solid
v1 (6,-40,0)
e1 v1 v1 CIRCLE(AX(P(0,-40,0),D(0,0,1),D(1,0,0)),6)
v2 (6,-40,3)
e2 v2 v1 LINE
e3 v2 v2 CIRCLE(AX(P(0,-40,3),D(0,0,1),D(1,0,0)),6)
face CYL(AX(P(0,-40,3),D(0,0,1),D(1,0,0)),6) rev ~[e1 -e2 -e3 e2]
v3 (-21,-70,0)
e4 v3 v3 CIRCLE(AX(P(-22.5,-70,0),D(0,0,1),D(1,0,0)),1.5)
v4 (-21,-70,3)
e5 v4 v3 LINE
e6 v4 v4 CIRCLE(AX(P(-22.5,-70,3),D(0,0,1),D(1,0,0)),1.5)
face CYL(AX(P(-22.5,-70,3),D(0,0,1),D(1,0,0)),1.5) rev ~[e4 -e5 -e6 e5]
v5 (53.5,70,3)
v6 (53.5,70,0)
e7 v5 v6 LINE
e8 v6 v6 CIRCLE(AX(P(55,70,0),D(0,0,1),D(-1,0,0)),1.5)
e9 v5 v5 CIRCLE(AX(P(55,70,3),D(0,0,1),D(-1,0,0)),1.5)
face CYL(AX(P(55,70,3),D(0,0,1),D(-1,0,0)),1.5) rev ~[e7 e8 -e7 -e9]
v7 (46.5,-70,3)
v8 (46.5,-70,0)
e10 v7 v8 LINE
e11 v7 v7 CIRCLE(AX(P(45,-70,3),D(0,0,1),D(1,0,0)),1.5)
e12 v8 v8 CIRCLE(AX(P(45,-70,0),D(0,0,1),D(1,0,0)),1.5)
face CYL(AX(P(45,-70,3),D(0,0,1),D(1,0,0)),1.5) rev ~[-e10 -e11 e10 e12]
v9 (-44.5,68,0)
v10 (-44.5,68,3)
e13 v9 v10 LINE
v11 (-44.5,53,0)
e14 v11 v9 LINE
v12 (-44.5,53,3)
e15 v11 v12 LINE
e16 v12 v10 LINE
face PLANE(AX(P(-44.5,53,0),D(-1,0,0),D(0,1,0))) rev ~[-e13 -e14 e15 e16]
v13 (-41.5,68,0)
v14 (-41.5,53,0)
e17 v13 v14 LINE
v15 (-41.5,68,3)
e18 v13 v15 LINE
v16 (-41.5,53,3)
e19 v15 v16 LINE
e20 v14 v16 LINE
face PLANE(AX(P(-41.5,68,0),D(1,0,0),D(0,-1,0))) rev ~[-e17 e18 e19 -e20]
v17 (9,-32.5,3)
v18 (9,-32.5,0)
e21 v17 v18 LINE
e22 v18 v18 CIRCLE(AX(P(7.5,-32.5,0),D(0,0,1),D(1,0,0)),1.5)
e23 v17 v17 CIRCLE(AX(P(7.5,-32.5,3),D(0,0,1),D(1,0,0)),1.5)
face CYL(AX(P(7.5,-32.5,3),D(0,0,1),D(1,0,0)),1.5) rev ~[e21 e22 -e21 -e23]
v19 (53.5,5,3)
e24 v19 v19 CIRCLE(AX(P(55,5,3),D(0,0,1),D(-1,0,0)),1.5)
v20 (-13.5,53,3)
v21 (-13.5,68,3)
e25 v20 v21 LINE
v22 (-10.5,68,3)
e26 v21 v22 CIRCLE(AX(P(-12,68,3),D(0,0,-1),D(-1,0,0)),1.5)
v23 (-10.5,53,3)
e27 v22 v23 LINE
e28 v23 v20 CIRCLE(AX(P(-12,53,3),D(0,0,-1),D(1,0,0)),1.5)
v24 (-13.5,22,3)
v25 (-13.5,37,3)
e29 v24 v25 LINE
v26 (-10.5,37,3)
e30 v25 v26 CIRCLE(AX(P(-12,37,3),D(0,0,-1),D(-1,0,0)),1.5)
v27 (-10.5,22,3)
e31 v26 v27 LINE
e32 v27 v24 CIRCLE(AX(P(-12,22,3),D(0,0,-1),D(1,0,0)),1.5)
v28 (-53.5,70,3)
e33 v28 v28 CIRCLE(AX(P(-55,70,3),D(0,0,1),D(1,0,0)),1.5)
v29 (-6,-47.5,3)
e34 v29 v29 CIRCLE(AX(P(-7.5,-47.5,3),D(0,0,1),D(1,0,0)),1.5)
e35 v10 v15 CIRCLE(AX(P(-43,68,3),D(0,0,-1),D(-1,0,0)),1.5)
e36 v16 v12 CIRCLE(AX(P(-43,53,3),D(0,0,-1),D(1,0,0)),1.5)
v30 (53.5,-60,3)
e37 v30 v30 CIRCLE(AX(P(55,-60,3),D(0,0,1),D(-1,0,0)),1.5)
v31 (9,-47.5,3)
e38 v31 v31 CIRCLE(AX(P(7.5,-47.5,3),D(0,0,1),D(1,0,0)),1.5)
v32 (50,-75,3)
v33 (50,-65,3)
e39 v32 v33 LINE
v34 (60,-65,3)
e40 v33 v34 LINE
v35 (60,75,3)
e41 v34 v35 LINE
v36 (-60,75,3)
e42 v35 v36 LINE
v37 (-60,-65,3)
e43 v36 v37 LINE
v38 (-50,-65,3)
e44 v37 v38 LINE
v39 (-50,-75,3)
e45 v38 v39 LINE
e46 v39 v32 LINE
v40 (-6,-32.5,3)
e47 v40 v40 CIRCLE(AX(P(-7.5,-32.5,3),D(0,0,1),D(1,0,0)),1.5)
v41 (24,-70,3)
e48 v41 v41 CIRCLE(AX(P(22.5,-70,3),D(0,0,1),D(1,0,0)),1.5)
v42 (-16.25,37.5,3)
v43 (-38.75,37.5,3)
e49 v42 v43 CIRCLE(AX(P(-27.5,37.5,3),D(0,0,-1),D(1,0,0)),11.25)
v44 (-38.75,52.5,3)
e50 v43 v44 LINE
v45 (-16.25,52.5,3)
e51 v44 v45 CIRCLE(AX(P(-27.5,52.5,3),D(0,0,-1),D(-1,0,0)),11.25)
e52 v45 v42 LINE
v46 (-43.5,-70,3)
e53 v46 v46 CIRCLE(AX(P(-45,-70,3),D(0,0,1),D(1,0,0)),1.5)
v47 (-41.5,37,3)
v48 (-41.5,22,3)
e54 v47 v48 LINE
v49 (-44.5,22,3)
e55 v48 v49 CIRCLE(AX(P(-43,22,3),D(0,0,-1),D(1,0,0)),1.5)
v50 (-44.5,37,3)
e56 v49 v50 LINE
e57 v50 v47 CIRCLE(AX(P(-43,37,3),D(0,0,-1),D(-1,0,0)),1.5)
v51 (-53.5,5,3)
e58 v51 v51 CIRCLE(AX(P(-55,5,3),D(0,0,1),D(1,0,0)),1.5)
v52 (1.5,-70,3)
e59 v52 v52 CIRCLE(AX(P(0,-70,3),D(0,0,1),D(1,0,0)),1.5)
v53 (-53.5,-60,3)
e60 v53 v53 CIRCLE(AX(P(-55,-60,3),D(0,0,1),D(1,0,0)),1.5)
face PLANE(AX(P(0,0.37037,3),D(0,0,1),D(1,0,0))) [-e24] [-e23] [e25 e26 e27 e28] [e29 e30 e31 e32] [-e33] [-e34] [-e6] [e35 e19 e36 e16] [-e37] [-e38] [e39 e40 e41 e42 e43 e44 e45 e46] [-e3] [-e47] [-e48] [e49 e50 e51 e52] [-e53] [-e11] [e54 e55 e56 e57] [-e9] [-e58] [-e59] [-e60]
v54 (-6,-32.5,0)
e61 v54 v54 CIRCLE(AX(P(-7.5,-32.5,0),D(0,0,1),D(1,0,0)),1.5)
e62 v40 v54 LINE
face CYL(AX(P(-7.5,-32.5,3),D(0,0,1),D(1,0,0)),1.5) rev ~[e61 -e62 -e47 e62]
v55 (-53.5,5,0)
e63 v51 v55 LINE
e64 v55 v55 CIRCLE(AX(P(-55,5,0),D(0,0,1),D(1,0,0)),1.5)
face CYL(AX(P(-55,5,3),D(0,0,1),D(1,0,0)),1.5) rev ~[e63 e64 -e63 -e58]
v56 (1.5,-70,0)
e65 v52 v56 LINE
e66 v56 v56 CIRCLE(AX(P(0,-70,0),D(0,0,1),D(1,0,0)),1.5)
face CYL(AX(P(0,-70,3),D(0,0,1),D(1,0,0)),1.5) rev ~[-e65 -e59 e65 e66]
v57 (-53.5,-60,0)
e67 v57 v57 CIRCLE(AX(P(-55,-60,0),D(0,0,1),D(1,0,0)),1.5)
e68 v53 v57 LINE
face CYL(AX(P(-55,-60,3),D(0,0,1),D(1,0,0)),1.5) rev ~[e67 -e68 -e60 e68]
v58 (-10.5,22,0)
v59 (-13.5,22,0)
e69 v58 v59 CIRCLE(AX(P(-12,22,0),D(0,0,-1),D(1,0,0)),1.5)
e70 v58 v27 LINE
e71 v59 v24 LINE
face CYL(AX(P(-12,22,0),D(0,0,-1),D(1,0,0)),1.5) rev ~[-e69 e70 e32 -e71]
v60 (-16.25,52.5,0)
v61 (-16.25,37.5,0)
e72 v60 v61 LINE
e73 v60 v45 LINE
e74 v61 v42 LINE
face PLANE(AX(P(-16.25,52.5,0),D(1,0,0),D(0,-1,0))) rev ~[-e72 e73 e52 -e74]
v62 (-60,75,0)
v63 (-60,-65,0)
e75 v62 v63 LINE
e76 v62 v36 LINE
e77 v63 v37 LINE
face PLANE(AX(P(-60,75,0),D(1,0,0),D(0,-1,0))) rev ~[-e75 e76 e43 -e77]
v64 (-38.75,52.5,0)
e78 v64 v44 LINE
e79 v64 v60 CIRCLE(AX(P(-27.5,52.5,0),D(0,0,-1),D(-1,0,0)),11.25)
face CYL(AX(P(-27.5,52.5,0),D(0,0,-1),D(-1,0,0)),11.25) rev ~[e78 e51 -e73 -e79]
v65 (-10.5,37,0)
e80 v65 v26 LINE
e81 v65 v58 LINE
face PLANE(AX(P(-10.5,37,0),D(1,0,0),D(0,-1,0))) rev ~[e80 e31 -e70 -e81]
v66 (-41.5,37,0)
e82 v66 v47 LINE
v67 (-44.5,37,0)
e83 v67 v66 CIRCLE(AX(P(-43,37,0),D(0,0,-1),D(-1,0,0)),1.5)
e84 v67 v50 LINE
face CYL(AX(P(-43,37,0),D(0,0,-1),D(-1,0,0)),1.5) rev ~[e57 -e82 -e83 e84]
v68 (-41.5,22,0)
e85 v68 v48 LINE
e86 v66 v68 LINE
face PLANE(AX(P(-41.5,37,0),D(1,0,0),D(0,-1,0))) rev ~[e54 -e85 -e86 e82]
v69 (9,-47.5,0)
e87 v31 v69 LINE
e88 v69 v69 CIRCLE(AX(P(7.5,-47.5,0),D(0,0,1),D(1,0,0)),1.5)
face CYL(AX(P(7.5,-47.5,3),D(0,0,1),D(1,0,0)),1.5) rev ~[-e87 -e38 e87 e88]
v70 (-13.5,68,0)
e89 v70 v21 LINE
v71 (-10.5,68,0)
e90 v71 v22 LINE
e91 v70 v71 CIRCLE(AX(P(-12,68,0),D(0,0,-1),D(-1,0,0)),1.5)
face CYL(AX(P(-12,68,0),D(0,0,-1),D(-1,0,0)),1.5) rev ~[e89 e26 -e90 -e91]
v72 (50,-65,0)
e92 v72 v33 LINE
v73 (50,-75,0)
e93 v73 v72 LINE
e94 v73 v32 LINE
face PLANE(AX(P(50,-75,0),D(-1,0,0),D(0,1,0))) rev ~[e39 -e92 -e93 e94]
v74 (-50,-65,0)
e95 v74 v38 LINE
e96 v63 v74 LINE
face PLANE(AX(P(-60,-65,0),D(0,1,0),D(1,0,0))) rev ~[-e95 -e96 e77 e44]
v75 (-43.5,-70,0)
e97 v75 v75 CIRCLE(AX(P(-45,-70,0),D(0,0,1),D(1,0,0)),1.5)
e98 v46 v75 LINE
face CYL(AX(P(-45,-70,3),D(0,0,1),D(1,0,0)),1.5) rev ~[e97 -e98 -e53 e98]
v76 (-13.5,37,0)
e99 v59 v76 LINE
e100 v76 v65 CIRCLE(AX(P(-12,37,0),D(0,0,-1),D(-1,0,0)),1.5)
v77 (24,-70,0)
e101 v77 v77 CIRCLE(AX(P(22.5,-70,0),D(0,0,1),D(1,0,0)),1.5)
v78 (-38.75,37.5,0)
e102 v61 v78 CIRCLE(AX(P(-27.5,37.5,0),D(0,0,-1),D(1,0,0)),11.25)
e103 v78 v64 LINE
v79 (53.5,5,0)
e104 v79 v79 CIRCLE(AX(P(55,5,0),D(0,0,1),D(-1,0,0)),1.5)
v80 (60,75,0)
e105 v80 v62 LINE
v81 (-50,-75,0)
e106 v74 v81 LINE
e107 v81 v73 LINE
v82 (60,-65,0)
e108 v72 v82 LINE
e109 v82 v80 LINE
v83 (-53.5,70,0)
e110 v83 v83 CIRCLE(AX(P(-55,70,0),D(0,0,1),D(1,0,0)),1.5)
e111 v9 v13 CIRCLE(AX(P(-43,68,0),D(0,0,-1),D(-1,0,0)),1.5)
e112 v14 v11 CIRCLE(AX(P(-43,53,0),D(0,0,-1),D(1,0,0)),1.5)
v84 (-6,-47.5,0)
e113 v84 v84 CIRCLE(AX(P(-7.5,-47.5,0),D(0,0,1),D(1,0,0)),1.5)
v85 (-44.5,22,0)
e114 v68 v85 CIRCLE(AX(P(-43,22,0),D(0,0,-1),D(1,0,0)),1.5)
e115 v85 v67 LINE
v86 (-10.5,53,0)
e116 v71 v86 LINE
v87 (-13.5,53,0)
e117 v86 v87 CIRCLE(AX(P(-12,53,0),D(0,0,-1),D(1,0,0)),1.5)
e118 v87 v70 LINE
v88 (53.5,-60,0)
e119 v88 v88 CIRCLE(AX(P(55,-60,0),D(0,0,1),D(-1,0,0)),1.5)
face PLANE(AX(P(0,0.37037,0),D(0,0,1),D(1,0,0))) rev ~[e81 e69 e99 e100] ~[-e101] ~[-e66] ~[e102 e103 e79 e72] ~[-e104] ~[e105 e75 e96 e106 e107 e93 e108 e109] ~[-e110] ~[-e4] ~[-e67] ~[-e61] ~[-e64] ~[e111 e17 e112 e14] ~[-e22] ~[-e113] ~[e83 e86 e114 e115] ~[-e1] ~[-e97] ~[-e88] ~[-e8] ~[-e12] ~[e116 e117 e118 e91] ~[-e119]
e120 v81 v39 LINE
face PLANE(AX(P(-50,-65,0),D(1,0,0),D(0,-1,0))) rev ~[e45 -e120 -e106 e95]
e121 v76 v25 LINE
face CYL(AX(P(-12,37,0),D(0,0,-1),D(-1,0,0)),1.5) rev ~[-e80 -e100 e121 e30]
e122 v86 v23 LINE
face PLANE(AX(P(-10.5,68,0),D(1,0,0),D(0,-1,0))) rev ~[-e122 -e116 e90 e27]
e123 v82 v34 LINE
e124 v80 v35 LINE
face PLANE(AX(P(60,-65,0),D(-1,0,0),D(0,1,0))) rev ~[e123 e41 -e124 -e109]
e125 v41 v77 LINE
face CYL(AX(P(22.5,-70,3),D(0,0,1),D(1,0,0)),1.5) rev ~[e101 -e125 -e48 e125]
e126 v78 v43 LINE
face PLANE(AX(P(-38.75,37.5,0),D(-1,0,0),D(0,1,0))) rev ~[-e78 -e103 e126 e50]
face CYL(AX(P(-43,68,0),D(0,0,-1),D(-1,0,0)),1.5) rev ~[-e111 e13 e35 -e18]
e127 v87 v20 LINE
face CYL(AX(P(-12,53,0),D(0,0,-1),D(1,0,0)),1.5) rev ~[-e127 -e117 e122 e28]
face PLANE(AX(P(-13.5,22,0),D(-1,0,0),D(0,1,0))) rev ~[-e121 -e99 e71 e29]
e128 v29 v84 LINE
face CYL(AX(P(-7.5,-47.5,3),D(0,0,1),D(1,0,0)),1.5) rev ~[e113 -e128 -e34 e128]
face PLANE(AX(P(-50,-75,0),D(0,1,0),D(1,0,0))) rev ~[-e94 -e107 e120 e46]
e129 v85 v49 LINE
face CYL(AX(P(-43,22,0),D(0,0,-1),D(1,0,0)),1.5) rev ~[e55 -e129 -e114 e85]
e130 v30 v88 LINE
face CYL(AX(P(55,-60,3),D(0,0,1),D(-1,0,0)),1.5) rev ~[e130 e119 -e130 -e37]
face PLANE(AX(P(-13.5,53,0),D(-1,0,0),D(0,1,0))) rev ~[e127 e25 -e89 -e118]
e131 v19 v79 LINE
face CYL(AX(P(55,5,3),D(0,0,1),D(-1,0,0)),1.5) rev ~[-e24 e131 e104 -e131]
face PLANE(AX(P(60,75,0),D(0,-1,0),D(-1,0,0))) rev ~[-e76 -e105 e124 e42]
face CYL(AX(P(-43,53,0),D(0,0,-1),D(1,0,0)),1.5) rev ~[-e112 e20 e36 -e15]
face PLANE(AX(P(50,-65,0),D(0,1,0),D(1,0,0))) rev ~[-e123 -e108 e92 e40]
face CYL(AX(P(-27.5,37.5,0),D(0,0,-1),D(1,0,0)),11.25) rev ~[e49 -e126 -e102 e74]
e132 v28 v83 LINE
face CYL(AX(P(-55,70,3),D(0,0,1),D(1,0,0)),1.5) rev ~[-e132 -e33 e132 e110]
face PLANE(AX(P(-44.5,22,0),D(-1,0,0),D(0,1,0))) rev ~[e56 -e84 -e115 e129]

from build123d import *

# Parameters (mm, degrees)
BOSS_EXTRU_1_DEPTH      = 3
ESQUISSE2_R             = 1.5
ENL_V_MAT_EXTRU_2_DEPTH = 3
ESQUISSE3_R             = 6
ESQUISSE3_R_2           = 1.5
ENL_V_MAT_EXTRU_3_DEPTH = 10


with BuildPart() as part:
    # Esquisse1 → Boss.-Extru.1 (new body)
    with BuildSketch(Plane.XY):
        Polygon((-50, -75), (50, -75), (50, -65), (60, -65), (60, 75), (-60, 75), (-60, -65), (-50, -65), align=None)
        with BuildLine():
            ThreePointArc((-41.5, 22), (-43, 20.5), (-44.5, 22))
            Line((-44.5, 22), (-44.5, 37))
            ThreePointArc((-44.5, 37), (-43, 38.5), (-41.5, 37))
            Line((-41.5, 37), (-41.5, 22))
        make_face(mode=Mode.SUBTRACT)
        with BuildLine():
            Line((-10.5, 37), (-10.5, 22))
            ThreePointArc((-10.5, 22), (-12, 20.5), (-13.5, 22))
            Line((-13.5, 22), (-13.5, 37))
            ThreePointArc((-13.5, 37), (-12, 38.5), (-10.5, 37))
        make_face(mode=Mode.SUBTRACT)
        with BuildLine():
            ThreePointArc((-41.5, 53), (-43, 51.5), (-44.5, 53))
            Line((-44.5, 53), (-44.5, 68))
            ThreePointArc((-44.5, 68), (-43, 69.5), (-41.5, 68))
            Line((-41.5, 68), (-41.5, 53))
        make_face(mode=Mode.SUBTRACT)
        with BuildLine():
            ThreePointArc((-16.25, 37.5), (-27.5, 26.25), (-38.75, 37.5))
            Line((-38.75, 37.5), (-38.75, 52.5))
            ThreePointArc((-38.75, 52.5), (-27.5, 63.75), (-16.25, 52.5))
            Line((-16.25, 52.5), (-16.25, 37.5))
        make_face(mode=Mode.SUBTRACT)
        with BuildLine():
            Line((-10.5, 68), (-10.5, 53))
            ThreePointArc((-10.5, 53), (-12, 51.5), (-13.5, 53))
            Line((-13.5, 53), (-13.5, 68))
            ThreePointArc((-13.5, 68), (-12, 69.5), (-10.5, 68))
        make_face(mode=Mode.SUBTRACT)
    extrude(amount=BOSS_EXTRU_1_DEPTH)

    # Esquisse2 → Enlèv. mat.-Extru.2 (cut)
    with BuildSketch(Plane.XY.offset(3)):
        with Locations((45, -70)):
            Circle(ESQUISSE2_R)
        with Locations((-55, -60)):
            Circle(ESQUISSE2_R)
        with Locations((-55, 5)):
            Circle(ESQUISSE2_R)
        with Locations((-55, 70)):
            Circle(ESQUISSE2_R)
        with Locations((22.5, -70)):
            Circle(ESQUISSE2_R)
        with Locations((0, -70)):
            Circle(ESQUISSE2_R)
        with Locations((-22.5, -70)):
            Circle(ESQUISSE2_R)
        with Locations((-45, -70)):
            Circle(ESQUISSE2_R)
        with Locations(Location((55, -60, 0), (0, 0, 180))):
            Circle(ESQUISSE2_R)
        with Locations(Location((55, 5, 0), (0, 0, 180))):
            Circle(ESQUISSE2_R)
        with Locations(Location((55, 70, 0), (0, 0, 180))):
            Circle(ESQUISSE2_R)
    extrude(amount=-ENL_V_MAT_EXTRU_2_DEPTH, mode=Mode.SUBTRACT)

    # Esquisse3 → Enlèv. mat.-Extru.3 (cut)
    with BuildSketch(Plane.XY.offset(3)):
        with Locations((0, -40)):
            Circle(ESQUISSE3_R)
        with Locations((-7.5, -32.5)):
            Circle(ESQUISSE3_R_2)
        with Locations((7.5, -32.5)):
            Circle(ESQUISSE3_R_2)
        with Locations((7.5, -47.5)):
            Circle(ESQUISSE3_R_2)
        with Locations((-7.5, -47.5)):
            Circle(ESQUISSE3_R_2)
    extrude(amount=-ENL_V_MAT_EXTRU_3_DEPTH, mode=Mode.SUBTRACT)


solid = part.part
